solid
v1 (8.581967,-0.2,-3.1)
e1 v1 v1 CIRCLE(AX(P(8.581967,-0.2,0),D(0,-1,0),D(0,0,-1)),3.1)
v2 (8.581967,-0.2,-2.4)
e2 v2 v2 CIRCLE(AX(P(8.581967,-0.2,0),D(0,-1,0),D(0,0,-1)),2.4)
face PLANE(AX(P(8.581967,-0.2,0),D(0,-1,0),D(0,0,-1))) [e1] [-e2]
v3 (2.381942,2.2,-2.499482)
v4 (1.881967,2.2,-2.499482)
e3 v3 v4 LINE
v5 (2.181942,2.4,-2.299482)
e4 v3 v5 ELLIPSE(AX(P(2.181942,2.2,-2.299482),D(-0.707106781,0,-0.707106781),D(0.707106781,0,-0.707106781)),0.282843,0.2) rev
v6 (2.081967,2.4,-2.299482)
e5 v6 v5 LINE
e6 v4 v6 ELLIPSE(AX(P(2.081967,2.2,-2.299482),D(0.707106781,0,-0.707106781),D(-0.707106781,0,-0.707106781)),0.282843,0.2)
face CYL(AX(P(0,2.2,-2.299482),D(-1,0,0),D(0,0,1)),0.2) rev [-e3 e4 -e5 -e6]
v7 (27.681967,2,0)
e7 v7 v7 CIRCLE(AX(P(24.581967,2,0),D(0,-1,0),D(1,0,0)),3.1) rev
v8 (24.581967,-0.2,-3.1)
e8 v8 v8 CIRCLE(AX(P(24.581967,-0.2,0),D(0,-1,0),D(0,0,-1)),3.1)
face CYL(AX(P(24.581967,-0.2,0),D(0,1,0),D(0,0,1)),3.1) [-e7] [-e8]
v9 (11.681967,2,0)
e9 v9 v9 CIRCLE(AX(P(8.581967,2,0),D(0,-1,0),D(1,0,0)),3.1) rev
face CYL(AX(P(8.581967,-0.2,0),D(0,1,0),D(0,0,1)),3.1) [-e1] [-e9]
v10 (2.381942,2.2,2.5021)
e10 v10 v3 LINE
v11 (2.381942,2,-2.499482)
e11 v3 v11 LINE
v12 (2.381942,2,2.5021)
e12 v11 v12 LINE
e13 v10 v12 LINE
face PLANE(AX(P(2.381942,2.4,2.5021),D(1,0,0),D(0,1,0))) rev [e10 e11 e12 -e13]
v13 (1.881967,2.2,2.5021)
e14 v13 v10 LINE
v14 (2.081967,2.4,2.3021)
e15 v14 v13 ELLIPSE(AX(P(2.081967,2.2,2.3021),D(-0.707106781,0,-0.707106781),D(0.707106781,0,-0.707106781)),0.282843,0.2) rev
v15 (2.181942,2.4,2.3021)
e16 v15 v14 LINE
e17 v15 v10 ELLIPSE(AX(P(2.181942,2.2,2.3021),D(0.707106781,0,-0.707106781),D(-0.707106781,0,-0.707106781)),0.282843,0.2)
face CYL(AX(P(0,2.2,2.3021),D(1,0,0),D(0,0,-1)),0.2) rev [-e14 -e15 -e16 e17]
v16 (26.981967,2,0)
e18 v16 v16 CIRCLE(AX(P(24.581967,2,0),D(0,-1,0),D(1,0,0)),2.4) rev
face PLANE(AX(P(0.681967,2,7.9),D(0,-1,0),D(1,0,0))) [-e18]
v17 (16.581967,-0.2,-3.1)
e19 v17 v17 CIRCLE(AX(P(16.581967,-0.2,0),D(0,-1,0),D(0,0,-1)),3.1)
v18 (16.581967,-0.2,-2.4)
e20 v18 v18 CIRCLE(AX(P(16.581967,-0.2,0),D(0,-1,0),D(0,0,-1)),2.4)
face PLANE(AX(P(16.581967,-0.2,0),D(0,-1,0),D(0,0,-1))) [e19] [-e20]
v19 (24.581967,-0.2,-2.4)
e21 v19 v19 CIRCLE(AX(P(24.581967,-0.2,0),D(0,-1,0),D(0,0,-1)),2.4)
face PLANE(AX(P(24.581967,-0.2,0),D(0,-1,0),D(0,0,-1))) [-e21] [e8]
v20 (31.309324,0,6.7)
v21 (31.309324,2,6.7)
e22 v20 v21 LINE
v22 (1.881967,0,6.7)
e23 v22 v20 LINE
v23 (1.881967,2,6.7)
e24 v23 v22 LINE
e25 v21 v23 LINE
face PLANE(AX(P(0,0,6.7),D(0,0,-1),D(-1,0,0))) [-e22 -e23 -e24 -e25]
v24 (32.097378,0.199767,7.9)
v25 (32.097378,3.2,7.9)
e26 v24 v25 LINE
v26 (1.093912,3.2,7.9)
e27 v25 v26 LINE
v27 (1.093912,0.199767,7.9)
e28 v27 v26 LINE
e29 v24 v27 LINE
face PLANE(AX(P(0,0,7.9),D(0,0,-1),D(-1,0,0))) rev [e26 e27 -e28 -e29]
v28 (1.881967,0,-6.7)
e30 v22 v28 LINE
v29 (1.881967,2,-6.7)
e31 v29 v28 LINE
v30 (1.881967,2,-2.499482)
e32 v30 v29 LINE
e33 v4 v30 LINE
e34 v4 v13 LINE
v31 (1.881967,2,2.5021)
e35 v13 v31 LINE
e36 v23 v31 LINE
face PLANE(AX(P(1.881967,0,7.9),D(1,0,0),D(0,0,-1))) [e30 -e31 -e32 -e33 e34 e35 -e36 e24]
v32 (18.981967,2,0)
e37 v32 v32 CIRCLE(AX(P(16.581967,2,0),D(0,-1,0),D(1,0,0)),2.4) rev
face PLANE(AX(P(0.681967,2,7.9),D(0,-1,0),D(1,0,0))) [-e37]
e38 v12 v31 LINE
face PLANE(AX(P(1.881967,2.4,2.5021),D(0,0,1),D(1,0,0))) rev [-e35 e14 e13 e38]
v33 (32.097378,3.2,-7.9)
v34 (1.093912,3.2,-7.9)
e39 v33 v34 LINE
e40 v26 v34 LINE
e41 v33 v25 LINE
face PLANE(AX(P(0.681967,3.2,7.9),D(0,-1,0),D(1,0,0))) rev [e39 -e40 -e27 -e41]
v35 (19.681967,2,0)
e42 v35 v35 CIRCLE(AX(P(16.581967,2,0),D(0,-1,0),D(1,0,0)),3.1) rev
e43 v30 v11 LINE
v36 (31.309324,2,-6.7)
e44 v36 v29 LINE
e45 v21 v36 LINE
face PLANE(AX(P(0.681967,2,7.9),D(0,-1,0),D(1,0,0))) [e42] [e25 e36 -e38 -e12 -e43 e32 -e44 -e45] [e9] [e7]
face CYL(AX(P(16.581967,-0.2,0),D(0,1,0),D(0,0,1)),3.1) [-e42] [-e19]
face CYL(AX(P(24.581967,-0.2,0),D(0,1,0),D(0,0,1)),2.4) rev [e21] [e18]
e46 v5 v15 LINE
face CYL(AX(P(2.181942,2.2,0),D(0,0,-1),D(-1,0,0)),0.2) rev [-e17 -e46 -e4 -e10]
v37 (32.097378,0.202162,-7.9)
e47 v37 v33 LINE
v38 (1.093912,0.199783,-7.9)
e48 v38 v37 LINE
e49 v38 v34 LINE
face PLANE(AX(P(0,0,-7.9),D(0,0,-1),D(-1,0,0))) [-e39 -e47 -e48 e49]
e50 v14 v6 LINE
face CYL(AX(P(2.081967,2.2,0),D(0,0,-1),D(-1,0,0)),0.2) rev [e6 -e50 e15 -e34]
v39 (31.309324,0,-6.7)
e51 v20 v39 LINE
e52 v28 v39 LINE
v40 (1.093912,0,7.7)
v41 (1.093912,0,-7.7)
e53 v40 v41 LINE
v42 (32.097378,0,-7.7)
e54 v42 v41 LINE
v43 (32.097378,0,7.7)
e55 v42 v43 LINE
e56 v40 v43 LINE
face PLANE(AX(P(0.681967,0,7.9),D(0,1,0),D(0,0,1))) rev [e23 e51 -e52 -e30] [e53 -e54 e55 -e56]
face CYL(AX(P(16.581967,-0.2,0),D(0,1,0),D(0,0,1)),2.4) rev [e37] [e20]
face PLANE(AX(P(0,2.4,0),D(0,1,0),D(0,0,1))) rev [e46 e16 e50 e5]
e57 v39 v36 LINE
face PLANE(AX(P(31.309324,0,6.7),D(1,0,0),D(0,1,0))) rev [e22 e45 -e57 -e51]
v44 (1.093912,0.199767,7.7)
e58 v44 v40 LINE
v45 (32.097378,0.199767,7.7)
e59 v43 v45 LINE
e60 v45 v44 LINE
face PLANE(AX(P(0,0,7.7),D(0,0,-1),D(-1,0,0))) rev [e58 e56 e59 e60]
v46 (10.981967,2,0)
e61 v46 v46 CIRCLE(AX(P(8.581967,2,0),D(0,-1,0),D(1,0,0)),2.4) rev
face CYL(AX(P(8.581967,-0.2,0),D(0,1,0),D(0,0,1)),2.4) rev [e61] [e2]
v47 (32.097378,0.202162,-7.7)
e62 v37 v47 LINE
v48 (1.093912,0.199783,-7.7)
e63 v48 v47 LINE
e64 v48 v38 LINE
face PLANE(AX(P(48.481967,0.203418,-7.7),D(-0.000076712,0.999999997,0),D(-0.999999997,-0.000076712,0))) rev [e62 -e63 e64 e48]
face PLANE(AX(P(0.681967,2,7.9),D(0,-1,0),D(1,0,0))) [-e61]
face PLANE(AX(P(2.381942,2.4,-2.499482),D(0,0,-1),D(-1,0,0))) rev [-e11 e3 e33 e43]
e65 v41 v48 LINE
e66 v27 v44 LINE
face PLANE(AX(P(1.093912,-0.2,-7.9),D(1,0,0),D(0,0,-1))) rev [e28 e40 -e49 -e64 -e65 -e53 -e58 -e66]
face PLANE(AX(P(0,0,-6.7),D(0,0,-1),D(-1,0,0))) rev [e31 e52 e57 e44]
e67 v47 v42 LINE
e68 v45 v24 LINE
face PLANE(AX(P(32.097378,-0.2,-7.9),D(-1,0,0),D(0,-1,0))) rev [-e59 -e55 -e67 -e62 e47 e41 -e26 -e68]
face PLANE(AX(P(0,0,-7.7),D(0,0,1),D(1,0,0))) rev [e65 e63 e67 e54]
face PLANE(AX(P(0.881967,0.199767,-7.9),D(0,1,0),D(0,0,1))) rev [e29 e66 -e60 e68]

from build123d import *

# Parameters (mm, degrees)
MAINBASESKETCH_W              = 47.8
MAINBASESKETCH_H              = 3.2
MAINBASEEXTRUDE_DEPTH         = 7.9
MAINBASESHELL_T               = -1.2
UNDERSIDECIRCLEEXT_START      = -0.2
UNDERSIDECIRCLESKETCH_R       = 3.1
UNDERSIDECIRCLESKETCH_R_2     = 2.4
UNDERSIDECIRCLEEXT_DEPTH      = 2.4
UNDERSIDECIRCLEPATTERN_COUNT  = 3
UNDERSIDECIRCLEPATTERN_PITCH  = 8
EXTENDEDBASEEDGECUT_DEPTH     = 0.2
EXTENDEDBASEEDGECUT2_DEPTH    = 0.2
EXTENDEDBASEEDGECUT3_DEPTH    = 0.2
EXTENDEDBASEEDGESKETCH4_W     = 47.4
EXTENDEDBASEEDGESKETCH4_H     = 0.199766916
EXTENDEDBASEEDGECUT4_DEPTH    = 0.2
EXTENDEDNBASEUNDERNOTCH_DEPTH = 0.4
EXTENDEBASENOTCHFILLET_R      = 0.2
CUT_EXTRUDE60_DEPTH           = 50.170632952
CUT_EXTRUDE60_DEPTH_BACK      = 50.170632952
SKETCH178_W                   = 15.972643613
SKETCH178_H                   = 15.8
SKETCH179_W                   = 1.2
SKETCH179_H                   = 13.4
SKETCH180_W                   = 0.411945133
SKETCH180_H                   = 15.8
CUT_EXTRUDE61_DEPTH           = 34.627758191


with BuildPart() as part:
    # MainBaseSketch → MainBaseExtrude (new, symmetric)
    with BuildSketch(Plane.XY):
        with Locations((24.581967213, 1.6)):
            Rectangle(MAINBASESKETCH_W, MAINBASESKETCH_H)
    extrude(amount=MAINBASEEXTRUDE_DEPTH, both=True)

    # MainBaseShell
    mainbaseshell_openings = [part.faces().sort_by_distance(p)[0] for p in [
        (24.581967213, 0, 0),
    ]]
    offset(amount=MAINBASESHELL_T, openings=mainbaseshell_openings, kind=Kind.INTERSECTION)

    # UnderSideCircleSketch → UnderSideCircleExt (add)
    with BuildSketch(Plane.XZ.offset(-2).offset(UNDERSIDECIRCLEEXT_START)):
        with Locations((8.581967213, 0)):
            Circle(UNDERSIDECIRCLESKETCH_R)
        with Locations((8.581967213, 0)):
            Circle(UNDERSIDECIRCLESKETCH_R_2, mode=Mode.SUBTRACT)
    undersidecircleext = extrude(amount=UNDERSIDECIRCLEEXT_DEPTH)

    # UnderSideCirclePattern: UnderSideCircleExt ×3
    with Locations(*[(i * UNDERSIDECIRCLEPATTERN_PITCH, 0, 0) for i in range(1, UNDERSIDECIRCLEPATTERN_COUNT)]):
        add(undersidecircleext)

    # ExtendedBaseEdgeSketch → ExtendedBaseEdgeCut (cut)
    with BuildSketch(Plane.ZY.offset(-0.681967213)):
        Polygon((-7.9, 0), (-7.9, 0.199766916), (-7.702184024, 0.199766916), (7.702184024, 0.199766916), (7.9, 0.199766916), (7.9, 0), (7.702184024, 0), (-7.702184024, 0), align=None)
    extrude(amount=-EXTENDEDBASEEDGECUT_DEPTH, mode=Mode.SUBTRACT)

    # ExtendedBaseEdgeSketch2 → ExtendedBaseEdgeCut2 (cut)
    with BuildSketch(Plane(origin=(0, 0, -7.9), x_dir=(-1, 0, 0), z_dir=(0, 0, -1))):
        Polygon((-48.481967213, 0), (-48.481967213, 0.203418418), (-0.881967213, 0.199766916), (-0.881967213, 0), align=None)
    extrude(amount=-EXTENDEDBASEEDGECUT2_DEPTH, mode=Mode.SUBTRACT)

    # ExtendedBaseEdgeSketch3 → ExtendedBaseEdgeCut3 (cut)
    with BuildSketch(Plane(origin=(48.481967213, 0, 0), x_dir=(0, 0, -1), z_dir=(1, 0, 0))):
        Polygon((-7.9, 0), (-7.9, 0.199766916), (7.7, 0.203418418), (7.7, 0), align=None)
    extrude(amount=-EXTENDEDBASEEDGECUT3_DEPTH, mode=Mode.SUBTRACT)

    # ExtendedBaseEdgeSketch4 → ExtendedBaseEdgeCut4 (cut)
    with BuildSketch(Plane.XY.offset(7.9)):
        with Locations((24.581967213, 0.099883458)):
            Rectangle(EXTENDEDBASEEDGESKETCH4_W, EXTENDEDBASEEDGESKETCH4_H)
    extrude(amount=-EXTENDEDBASEEDGECUT4_DEPTH, mode=Mode.SUBTRACT)

    # ExtendedbaseUnderNotchSketch → ExtendednbaseUnderNotch (cut)
    with BuildSketch(Plane.XZ.offset(-2)):
        Polygon((1.881967213, 0), (1.881967213, 2.502100162), (2.381942481, 2.502100162), (2.381942481, -2.499482153), (1.881967213, -2.499482153), align=None)
    extrude(amount=-EXTENDEDNBASEUNDERNOTCH_DEPTH, mode=Mode.SUBTRACT)

    # ExtendebaseNotchFillet
    extendebasenotchfillet_edges = [part.edges().sort_by_distance(p)[0] for p in [
        (1.881967213, 2.4, 0.001309004),
        (2.131954847, 2.4, 2.502100162),
        (2.381942481, 2.4, 0.001309004),
        (2.131954847, 2.4, -2.499482153),
    ]]
    fillet(extendebasenotchfillet_edges, radius=EXTENDEBASENOTCHFILLET_R)

    # Sketch178 → Cut-Extrude60 (cut, two sides: drawn at the far end of the back side and taken through both)
    with BuildSketch(Plane(origin=(0, 2, 0), x_dir=(-1, 0, 0), z_dir=(0, -1, 0)).offset(-CUT_EXTRUDE60_DEPTH_BACK)):
        with Locations((-40.495645407, 0)):
            Rectangle(SKETCH178_W, SKETCH178_H)
    extrude(amount=CUT_EXTRUDE60_DEPTH + CUT_EXTRUDE60_DEPTH_BACK, mode=Mode.SUBTRACT)

    # Sweep29: sweep along a curve in space
    with BuildLine() as sweep29_path:
        Line((32.5093236, 0, 6.7), (32.5093236, 2, 6.7))
    # Sketch179 → Sweep29 (sweep)
    with BuildSketch(Plane.XZ):
        with Locations((31.9093236, 0)):
            Rectangle(SKETCH179_W, SKETCH179_H)
    sweep(path=sweep29_path.line)

    # Sketch180 → Cut-Extrude61 (cut, through all)
    with BuildSketch(Plane(origin=(0, 3.2, 0), x_dir=(1, 0, 0), z_dir=(0, 1, 0))):
        with Locations((0.88793978, 0)):
            Rectangle(SKETCH180_W, SKETCH180_H)
        with Locations((32.303351034, 0)):
            Rectangle(SKETCH180_W, SKETCH180_H)
    extrude(amount=-CUT_EXTRUDE61_DEPTH, mode=Mode.SUBTRACT)


solid = part.part
